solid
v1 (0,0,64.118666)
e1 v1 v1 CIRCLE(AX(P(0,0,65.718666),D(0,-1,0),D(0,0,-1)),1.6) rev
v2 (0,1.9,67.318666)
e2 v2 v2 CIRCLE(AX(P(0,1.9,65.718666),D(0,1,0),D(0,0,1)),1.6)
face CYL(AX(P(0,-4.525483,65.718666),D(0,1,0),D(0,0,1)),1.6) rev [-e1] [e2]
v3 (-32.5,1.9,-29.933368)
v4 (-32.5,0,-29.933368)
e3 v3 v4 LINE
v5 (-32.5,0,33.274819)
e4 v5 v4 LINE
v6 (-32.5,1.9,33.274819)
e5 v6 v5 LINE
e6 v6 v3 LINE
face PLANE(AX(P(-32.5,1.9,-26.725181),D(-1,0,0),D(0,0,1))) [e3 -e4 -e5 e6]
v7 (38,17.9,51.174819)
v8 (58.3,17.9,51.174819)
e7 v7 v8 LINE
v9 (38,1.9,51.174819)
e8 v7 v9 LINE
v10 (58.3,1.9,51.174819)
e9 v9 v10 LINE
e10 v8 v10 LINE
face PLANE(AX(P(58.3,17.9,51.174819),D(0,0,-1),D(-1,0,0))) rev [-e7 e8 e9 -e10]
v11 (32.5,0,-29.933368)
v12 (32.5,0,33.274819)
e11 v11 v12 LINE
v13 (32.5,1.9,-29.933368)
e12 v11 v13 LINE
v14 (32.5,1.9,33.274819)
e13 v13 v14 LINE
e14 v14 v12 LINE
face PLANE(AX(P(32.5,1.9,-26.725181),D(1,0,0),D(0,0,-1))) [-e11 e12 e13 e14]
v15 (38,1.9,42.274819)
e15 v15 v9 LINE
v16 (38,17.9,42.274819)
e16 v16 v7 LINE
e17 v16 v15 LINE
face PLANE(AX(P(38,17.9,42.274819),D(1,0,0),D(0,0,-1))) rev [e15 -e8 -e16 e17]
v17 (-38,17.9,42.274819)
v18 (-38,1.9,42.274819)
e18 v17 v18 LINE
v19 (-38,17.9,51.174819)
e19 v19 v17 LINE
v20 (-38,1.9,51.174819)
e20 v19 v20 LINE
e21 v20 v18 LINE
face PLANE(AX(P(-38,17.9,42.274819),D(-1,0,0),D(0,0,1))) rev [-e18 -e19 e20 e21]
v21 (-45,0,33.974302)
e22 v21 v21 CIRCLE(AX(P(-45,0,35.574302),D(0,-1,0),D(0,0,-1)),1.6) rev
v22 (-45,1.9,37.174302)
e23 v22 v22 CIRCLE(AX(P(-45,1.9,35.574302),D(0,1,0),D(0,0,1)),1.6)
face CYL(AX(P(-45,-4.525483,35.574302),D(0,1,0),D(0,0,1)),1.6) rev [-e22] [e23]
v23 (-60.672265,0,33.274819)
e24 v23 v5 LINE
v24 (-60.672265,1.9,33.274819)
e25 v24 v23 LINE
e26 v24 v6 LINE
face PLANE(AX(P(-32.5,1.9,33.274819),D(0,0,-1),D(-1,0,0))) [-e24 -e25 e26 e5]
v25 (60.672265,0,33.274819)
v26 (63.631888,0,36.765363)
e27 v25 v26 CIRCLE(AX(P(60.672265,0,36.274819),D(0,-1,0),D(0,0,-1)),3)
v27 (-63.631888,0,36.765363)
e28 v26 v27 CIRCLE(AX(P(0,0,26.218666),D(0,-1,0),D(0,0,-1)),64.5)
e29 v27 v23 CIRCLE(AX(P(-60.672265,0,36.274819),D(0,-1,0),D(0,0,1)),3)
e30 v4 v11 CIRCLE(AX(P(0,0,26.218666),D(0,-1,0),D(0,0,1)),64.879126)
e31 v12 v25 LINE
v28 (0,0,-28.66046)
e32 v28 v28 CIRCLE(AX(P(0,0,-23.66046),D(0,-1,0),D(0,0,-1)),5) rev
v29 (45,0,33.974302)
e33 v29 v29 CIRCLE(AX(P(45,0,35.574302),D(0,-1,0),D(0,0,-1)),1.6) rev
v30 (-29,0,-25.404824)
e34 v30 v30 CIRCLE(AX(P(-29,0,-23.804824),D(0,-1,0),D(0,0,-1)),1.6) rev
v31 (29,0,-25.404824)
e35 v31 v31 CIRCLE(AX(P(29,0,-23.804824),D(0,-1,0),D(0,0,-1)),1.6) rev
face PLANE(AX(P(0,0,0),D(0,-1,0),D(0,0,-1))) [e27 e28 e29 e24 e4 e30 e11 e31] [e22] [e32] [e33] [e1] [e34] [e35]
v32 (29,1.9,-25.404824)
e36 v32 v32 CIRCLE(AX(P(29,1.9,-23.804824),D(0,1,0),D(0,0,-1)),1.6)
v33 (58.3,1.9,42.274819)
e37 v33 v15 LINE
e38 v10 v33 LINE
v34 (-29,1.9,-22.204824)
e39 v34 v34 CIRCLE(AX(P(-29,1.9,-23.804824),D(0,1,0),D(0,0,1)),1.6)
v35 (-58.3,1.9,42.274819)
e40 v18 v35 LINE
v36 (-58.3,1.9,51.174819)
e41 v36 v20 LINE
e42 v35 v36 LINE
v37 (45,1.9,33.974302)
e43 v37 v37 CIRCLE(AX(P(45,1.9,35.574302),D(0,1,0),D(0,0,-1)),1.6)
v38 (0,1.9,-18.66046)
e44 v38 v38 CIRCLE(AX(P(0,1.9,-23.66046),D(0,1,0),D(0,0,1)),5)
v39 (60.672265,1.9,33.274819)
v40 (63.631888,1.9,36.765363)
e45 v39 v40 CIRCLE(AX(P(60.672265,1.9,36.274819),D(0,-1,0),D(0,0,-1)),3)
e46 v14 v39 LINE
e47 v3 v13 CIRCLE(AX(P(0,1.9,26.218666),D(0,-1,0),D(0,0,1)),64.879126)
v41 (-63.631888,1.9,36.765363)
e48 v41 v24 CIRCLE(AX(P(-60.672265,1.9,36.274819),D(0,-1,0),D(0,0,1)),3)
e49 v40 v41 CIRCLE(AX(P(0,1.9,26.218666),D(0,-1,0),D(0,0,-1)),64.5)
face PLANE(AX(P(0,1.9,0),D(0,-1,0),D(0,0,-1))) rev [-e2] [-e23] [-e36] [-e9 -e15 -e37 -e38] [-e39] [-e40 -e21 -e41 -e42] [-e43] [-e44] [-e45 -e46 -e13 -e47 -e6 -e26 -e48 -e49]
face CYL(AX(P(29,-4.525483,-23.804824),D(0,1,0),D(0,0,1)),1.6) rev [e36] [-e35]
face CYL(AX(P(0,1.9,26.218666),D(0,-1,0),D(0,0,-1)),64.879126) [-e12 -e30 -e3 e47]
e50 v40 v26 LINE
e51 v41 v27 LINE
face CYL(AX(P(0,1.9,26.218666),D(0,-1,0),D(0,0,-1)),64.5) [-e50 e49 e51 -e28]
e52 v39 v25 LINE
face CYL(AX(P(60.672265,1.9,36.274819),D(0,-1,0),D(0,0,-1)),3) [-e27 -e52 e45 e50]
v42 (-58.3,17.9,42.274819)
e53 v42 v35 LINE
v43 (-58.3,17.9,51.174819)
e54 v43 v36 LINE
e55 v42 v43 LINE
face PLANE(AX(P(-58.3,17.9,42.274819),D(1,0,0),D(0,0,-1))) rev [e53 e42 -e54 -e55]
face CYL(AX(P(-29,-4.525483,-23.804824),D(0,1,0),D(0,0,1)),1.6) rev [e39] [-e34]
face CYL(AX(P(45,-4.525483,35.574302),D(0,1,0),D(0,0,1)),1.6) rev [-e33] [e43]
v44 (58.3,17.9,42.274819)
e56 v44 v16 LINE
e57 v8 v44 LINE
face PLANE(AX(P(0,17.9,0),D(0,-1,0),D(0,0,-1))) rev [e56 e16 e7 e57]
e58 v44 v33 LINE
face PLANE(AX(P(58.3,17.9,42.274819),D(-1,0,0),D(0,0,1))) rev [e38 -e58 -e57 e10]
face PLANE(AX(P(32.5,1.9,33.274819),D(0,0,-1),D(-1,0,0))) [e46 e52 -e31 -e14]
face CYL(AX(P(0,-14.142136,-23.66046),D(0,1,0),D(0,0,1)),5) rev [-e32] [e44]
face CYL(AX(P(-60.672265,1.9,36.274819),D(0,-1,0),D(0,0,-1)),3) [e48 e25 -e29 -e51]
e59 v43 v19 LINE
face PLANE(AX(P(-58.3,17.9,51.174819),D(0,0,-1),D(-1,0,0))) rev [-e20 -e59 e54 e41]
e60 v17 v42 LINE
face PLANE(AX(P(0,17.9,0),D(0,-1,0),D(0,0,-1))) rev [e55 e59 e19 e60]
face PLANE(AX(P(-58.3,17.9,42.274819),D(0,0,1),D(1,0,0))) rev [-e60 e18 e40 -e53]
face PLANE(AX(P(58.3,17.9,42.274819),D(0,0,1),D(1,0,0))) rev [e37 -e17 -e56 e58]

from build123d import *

# Parameters (mm, degrees)
SKETCH1_W           = 36
SKETCH1_H           = 20
BOSS_EXTRUDE1_DEPTH = 1.9
BOSS_EXTRUDE2_DEPTH = 1.9
CUT_EXTRUDE1_DEPTH  = 10
SKETCH5_R           = 5
CUT_EXTRUDE2_DEPTH  = 1.9
SKETCH6_R           = 1.6
CUT_EXTRUDE3_DEPTH  = 1.9
ESQUISSE1_W         = 20.3
ESQUISSE1_H         = 8.9
BOSS_EXTRU_1_DEPTH  = 16


with BuildPart() as part:
    # Sketch1 → Boss-Extrude1 (new body)
    with BuildSketch(Plane(origin=(0, 0, 0), x_dir=(1, 0, 0), z_dir=(0, 1, 0))):
        Rectangle(SKETCH1_W, SKETCH1_H)
    extrude(amount=BOSS_EXTRUDE1_DEPTH)

    # Sketch3 → Boss-Extrude2 (add)
    with BuildSketch(Plane.XZ):
        with BuildLine():
            Line((37.5, -26.725181376), (32.5, -26.725181376))
            Line((32.5, -26.725181376), (32.5, 33.274818624))
            Line((32.5, 33.274818624), (60.67226545, 33.274818624))
            ThreePointArc((60.67226545, 33.274818624), (62.960456011, 34.334668125), (63.631888155, 36.765362653))
            ThreePointArc((63.631888155, 36.765362653), (0, 90.718666019), (-63.631888155, 36.765362653))
            ThreePointArc((-63.631888155, 36.765362653), (-62.960456011, 34.334668125), (-60.67226545, 33.274818624))
            Line((-60.67226545, 33.274818624), (-32.5, 33.274818624))
            Line((-32.5, 33.274818624), (-32.5, -26.725181376))
            Line((-32.5, -26.725181376), (-37.5, -26.725181376))
            ThreePointArc((-37.5, -26.725181376), (0, -38.660459877), (37.5, -26.725181376))
        make_face()
    extrude(amount=-BOSS_EXTRUDE2_DEPTH)

    # Sketch4 → Cut-Extrude1 (cut)
    with BuildSketch(Plane(origin=(0, 1.9, 0), x_dir=(1, 0, 0), z_dir=(0, 1, 0))):
        Polygon((-32.5, 26.725181376), (-32.5, 34.194748576), (-40.442086395, 34.194748576), (-37.5, 26.725181376), align=None)
        Polygon((37.5, 26.725181376), (32.5, 26.725181376), (32.5, 34.194748576), (40.442086395, 34.194748576), align=None)
    extrude(amount=-CUT_EXTRUDE1_DEPTH, mode=Mode.SUBTRACT)

    # Sketch5 → Cut-Extrude2 (cut)
    with BuildSketch(Plane(origin=(0, 1.9, 0), x_dir=(1, 0, 0), z_dir=(0, 1, 0))):
        with Locations((0, 23.660459877)):
            Circle(SKETCH5_R)
    extrude(amount=-CUT_EXTRUDE2_DEPTH, mode=Mode.SUBTRACT)

    # Sketch6 → Cut-Extrude3 (cut)
    with BuildSketch(Plane(origin=(0, 1.9, 0), x_dir=(1, 0, 0), z_dir=(0, 1, 0))):
        with Locations((0, -65.718666019)):
            Circle(SKETCH6_R)
        with Locations((-45, -35.574302205)):
            Circle(SKETCH6_R)
        with Locations((45, -35.574302205)):
            Circle(SKETCH6_R)
        with Locations((-29, 23.804823691)):
            Circle(SKETCH6_R)
        with Locations((29, 23.804823691)):
            Circle(SKETCH6_R)
    extrude(amount=-CUT_EXTRUDE3_DEPTH, mode=Mode.SUBTRACT)

    # Esquisse1 → Boss.-Extru.1 (add)
    with BuildSketch(Plane(origin=(0, 1.9, 0), x_dir=(1, 0, 0), z_dir=(0, 1, 0))):
        with Locations((48.15, -46.724818624)):
            Rectangle(ESQUISSE1_W, ESQUISSE1_H)
        with Locations((-48.15, -46.724818624)):
            Rectangle(ESQUISSE1_W, ESQUISSE1_H)
    extrude(amount=BOSS_EXTRU_1_DEPTH)


solid = part.part
